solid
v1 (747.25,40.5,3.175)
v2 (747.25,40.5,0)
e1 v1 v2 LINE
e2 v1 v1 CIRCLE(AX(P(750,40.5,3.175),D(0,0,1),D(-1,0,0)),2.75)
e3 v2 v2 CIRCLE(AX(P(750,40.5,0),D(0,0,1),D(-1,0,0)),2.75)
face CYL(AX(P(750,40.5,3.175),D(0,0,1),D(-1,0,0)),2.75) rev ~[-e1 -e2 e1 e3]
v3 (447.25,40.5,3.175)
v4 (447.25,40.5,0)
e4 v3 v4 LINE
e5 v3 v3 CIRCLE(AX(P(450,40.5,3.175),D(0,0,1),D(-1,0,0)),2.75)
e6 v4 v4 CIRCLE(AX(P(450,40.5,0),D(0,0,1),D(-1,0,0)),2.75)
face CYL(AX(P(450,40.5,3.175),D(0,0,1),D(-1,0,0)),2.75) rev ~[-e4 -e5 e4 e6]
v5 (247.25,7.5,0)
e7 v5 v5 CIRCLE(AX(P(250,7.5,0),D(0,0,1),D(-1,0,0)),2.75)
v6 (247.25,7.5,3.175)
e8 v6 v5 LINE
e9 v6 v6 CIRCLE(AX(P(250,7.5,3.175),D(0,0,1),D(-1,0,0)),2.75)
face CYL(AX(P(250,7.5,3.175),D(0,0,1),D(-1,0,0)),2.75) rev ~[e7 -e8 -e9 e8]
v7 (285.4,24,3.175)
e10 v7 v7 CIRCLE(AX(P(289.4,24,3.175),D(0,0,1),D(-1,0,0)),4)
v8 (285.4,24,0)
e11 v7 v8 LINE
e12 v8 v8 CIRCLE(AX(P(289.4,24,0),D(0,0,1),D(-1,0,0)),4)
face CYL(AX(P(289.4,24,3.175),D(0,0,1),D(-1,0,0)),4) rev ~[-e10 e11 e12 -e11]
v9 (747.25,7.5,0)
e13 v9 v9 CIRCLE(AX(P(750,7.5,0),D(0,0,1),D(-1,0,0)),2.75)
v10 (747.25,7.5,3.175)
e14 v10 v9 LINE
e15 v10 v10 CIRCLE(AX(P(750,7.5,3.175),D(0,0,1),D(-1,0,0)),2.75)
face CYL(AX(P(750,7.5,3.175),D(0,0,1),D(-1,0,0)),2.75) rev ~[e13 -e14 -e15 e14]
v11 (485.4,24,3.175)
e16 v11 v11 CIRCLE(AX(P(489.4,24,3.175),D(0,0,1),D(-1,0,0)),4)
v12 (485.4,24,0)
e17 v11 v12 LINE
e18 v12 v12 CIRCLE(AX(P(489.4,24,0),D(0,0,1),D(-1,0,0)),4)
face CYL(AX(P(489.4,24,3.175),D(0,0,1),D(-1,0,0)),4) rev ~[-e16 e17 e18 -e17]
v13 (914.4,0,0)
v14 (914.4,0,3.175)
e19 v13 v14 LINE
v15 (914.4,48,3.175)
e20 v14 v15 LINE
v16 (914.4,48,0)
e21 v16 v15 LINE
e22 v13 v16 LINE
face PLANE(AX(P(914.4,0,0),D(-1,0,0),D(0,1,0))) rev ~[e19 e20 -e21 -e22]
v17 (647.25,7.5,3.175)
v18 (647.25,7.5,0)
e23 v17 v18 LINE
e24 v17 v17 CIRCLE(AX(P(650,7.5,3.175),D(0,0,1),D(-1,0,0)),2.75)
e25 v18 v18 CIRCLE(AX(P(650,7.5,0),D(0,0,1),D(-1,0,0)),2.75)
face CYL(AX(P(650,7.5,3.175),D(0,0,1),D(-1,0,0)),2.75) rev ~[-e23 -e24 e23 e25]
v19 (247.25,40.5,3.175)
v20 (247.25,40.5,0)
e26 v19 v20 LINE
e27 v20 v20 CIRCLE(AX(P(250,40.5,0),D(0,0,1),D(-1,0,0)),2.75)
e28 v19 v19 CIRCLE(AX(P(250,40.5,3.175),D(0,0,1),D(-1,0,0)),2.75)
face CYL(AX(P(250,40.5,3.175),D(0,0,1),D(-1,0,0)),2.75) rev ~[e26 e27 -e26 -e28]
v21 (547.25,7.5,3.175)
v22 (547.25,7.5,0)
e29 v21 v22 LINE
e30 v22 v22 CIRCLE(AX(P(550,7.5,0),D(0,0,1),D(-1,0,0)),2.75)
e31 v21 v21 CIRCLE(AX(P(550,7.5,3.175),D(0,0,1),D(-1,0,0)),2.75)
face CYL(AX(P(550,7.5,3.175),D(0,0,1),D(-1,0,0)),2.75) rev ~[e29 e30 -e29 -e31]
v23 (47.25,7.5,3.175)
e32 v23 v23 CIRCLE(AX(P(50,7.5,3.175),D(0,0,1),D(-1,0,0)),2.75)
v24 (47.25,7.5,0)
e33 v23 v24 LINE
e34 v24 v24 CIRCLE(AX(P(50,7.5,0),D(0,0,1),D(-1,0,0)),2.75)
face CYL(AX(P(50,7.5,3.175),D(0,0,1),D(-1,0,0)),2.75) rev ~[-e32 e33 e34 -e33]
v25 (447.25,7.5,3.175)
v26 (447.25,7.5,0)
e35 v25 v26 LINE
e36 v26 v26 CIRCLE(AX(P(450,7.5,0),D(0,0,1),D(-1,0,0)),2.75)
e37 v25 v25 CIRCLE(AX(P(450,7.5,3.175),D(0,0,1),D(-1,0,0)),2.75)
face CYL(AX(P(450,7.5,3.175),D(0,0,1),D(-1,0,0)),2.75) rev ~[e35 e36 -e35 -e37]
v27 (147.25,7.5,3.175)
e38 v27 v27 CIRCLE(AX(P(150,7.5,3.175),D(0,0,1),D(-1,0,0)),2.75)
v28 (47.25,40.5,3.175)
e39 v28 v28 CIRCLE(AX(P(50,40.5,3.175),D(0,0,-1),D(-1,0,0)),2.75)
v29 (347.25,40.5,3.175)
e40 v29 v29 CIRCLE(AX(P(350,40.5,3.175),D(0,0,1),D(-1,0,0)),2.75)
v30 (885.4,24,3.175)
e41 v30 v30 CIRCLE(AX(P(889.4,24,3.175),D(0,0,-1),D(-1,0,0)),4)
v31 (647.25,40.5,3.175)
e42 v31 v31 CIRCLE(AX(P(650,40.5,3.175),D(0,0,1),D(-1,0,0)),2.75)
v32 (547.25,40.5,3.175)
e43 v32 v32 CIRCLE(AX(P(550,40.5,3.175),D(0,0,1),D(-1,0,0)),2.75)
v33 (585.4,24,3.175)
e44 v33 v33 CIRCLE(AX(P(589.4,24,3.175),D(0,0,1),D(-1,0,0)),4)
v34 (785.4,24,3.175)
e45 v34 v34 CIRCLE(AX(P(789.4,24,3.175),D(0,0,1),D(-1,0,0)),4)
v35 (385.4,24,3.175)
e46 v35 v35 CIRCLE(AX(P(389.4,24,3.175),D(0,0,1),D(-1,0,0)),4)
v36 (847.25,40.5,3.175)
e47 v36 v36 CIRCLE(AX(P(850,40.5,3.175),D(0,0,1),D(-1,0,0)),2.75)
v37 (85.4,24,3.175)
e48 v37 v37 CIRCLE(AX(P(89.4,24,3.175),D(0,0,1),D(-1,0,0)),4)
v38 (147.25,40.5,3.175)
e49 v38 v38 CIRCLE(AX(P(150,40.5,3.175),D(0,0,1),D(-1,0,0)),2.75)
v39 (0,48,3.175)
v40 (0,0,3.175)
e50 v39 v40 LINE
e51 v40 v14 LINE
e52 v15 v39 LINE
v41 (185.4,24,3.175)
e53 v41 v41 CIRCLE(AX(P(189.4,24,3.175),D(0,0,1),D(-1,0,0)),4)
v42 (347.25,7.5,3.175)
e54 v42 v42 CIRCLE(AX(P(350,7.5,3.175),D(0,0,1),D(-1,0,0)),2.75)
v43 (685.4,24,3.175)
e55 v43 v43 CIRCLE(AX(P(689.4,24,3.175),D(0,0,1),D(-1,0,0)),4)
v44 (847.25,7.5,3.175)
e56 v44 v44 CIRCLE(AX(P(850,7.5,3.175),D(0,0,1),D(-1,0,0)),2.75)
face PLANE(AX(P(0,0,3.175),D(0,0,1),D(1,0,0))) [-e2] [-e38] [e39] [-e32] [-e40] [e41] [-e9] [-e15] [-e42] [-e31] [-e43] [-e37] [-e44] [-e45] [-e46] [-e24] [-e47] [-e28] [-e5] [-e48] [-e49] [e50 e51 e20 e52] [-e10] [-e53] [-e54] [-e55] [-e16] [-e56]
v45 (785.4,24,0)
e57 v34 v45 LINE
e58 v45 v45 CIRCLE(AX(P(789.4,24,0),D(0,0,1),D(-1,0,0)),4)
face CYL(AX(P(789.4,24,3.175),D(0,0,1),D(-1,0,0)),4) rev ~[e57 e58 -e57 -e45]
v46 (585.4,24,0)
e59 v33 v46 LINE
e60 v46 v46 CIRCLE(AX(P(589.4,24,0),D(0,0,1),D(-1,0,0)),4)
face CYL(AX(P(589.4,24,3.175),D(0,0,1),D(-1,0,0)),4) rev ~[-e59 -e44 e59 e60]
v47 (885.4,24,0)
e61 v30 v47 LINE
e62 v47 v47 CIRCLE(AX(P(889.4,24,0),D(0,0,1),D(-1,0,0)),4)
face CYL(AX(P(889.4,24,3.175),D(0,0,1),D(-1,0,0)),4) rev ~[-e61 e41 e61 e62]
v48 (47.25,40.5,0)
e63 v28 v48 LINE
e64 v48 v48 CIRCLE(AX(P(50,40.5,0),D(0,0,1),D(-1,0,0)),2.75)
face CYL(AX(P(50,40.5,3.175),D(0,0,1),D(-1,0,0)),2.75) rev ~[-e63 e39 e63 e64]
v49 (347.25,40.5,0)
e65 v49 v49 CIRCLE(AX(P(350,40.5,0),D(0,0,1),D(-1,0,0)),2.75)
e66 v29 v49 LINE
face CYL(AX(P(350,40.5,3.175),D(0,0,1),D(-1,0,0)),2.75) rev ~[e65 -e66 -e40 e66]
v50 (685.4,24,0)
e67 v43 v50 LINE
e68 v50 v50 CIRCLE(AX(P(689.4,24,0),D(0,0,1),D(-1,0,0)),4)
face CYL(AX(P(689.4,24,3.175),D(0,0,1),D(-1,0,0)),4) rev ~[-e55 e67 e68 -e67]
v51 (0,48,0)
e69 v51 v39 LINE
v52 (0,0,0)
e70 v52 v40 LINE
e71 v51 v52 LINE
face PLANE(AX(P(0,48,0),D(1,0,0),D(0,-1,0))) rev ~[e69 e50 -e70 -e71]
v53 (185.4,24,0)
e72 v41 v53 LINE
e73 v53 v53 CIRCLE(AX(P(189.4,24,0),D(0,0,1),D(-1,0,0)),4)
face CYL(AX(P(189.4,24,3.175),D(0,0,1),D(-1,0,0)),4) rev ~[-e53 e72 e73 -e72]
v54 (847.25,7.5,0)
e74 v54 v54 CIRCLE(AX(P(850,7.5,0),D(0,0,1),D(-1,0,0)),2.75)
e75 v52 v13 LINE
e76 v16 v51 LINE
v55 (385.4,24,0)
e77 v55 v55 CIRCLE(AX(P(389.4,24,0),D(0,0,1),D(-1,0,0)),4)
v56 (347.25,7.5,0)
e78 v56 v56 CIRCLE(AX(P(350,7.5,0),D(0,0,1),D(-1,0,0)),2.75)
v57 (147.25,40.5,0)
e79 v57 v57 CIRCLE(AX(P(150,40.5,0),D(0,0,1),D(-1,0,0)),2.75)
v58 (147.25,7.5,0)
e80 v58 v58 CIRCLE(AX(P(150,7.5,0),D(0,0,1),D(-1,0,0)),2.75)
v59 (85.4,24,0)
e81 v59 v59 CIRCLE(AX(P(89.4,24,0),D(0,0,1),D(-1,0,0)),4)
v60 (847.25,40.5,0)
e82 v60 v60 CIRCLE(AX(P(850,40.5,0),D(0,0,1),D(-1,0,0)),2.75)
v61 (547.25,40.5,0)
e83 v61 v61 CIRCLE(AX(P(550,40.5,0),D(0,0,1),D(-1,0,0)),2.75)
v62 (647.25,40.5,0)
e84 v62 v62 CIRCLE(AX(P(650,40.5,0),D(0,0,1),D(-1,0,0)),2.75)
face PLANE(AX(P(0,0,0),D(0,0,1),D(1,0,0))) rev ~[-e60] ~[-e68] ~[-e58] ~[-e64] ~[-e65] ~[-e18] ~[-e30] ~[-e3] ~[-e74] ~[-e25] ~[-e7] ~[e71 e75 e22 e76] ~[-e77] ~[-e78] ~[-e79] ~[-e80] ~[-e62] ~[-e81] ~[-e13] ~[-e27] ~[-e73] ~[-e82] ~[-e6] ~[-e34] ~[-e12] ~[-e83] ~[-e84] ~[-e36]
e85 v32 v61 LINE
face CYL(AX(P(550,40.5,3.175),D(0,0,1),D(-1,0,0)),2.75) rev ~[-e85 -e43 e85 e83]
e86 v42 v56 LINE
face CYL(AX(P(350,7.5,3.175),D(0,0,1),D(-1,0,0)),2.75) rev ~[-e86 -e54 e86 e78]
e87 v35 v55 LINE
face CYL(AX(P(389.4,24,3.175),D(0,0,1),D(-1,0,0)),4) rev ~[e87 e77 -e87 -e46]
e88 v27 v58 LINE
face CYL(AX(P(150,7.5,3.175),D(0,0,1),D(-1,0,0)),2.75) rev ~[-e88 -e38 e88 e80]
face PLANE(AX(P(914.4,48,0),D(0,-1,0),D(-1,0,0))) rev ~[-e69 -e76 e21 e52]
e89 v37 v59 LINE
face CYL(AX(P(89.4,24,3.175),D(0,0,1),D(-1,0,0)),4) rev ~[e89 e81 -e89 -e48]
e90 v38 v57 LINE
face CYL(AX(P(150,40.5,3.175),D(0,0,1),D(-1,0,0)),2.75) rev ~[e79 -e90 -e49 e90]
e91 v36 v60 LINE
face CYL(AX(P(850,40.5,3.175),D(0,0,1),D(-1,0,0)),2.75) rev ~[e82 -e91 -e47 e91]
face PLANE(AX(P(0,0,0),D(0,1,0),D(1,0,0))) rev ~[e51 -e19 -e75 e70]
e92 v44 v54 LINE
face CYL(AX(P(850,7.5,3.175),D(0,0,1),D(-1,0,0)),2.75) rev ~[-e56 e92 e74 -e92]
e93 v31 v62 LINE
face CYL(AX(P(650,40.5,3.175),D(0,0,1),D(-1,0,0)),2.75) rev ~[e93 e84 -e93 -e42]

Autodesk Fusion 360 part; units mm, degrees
sketch "Sketch1" plane through (0, 0, 0) normal (0, 0, 1) x (1, 0, 0)
  line L0 (0, 0) -> (914.4, 0)
  line L1 (914.4, 0) -> (914.4, 48)
  line L2 (914.4, 48) -> (0, 48)
  line L3 (0, 48) -> (0, 0)
  dimension "d1" = 48
  dimension "d2" = 914.4
extrude "Extrude1" add sketch "Sketch1" along normal blind 3.175
sketch "Sketch2" plane through (0, 0, 3.175) normal (0, 0, 1) x (-1, 0, 0)
  line L0 (0, -48) -> (0, 0)
  line L1 (0, 0) -> (-914.4, 0)
  line L2 (-914.4, 0) -> (-914.4, -48)
  line L3 (-914.4, -48) -> (0, -48)
  line L4 (0, -48) -> (-50, -48)
  line L5 (-50, -48) -> (-50, -40.5)
  circle A0 centre (-50, -40.5) radius 2.75
  line L6 (-914.4, -48) -> (-914.4, -24)
  line L7 (-914.4, -24) -> (-889.4, -24)
  circle A1 centre (-889.4, -24) radius 4
  circle A2 centre (-789.4, -24) radius 4
  circle A3 centre (-689.4, -24) radius 4
  circle A4 centre (-589.4, -24) radius 4
  circle A5 centre (-489.4, -24) radius 4
  circle A6 centre (-389.4, -24) radius 4
  circle A7 centre (-289.4, -24) radius 4
  circle A8 centre (-189.4, -24) radius 4
  circle A9 centre (-89.4, -24) radius 4
  circle A10 centre (-150, -40.5) radius 2.75
  circle A11 centre (-250, -40.5) radius 2.75
  circle A12 centre (-350, -40.5) radius 2.75
  circle A13 centre (-450, -40.5) radius 2.75
  circle A14 centre (-550, -40.5) radius 2.75
  circle A15 centre (-650, -40.5) radius 2.75
  circle A16 centre (-750, -40.5) radius 2.75
  circle A17 centre (-850, -40.5) radius 2.75
  circle A18 centre (-50, -7.5) radius 2.75
  circle A19 centre (-150, -7.5) radius 2.75
  circle A20 centre (-250, -7.5) radius 2.75
  circle A21 centre (-350, -7.5) radius 2.75
  circle A22 centre (-450, -7.5) radius 2.75
  circle A23 centre (-550, -7.5) radius 2.75
  circle A24 centre (-650, -7.5) radius 2.75
  circle A25 centre (-750, -7.5) radius 2.75
  circle A26 centre (-850, -7.5) radius 2.75
  dimension "d5" = 50
  dimension "d6" = 7.5
  dimension "d7" = 5.5
  dimension "d10" = -100
  dimension "d11" = 33
  dimension "d12" = 25
  dimension "d13" = 8
  dimension "d16" = 100
  dimension "d17" = 0
extrude "Extrude2" cut sketch "Sketch2" against normal blind 60.31 contours A1 | A0 | A2 | A3 | A4 | A5 | A6 | A7 | A8 | A9 | A10 | A11 | A12 | A13 | A14 | A15 | A16 | A17 | A18 | A19 | A20 | A21 | A22 | A23 | A24 | A25 | A26
